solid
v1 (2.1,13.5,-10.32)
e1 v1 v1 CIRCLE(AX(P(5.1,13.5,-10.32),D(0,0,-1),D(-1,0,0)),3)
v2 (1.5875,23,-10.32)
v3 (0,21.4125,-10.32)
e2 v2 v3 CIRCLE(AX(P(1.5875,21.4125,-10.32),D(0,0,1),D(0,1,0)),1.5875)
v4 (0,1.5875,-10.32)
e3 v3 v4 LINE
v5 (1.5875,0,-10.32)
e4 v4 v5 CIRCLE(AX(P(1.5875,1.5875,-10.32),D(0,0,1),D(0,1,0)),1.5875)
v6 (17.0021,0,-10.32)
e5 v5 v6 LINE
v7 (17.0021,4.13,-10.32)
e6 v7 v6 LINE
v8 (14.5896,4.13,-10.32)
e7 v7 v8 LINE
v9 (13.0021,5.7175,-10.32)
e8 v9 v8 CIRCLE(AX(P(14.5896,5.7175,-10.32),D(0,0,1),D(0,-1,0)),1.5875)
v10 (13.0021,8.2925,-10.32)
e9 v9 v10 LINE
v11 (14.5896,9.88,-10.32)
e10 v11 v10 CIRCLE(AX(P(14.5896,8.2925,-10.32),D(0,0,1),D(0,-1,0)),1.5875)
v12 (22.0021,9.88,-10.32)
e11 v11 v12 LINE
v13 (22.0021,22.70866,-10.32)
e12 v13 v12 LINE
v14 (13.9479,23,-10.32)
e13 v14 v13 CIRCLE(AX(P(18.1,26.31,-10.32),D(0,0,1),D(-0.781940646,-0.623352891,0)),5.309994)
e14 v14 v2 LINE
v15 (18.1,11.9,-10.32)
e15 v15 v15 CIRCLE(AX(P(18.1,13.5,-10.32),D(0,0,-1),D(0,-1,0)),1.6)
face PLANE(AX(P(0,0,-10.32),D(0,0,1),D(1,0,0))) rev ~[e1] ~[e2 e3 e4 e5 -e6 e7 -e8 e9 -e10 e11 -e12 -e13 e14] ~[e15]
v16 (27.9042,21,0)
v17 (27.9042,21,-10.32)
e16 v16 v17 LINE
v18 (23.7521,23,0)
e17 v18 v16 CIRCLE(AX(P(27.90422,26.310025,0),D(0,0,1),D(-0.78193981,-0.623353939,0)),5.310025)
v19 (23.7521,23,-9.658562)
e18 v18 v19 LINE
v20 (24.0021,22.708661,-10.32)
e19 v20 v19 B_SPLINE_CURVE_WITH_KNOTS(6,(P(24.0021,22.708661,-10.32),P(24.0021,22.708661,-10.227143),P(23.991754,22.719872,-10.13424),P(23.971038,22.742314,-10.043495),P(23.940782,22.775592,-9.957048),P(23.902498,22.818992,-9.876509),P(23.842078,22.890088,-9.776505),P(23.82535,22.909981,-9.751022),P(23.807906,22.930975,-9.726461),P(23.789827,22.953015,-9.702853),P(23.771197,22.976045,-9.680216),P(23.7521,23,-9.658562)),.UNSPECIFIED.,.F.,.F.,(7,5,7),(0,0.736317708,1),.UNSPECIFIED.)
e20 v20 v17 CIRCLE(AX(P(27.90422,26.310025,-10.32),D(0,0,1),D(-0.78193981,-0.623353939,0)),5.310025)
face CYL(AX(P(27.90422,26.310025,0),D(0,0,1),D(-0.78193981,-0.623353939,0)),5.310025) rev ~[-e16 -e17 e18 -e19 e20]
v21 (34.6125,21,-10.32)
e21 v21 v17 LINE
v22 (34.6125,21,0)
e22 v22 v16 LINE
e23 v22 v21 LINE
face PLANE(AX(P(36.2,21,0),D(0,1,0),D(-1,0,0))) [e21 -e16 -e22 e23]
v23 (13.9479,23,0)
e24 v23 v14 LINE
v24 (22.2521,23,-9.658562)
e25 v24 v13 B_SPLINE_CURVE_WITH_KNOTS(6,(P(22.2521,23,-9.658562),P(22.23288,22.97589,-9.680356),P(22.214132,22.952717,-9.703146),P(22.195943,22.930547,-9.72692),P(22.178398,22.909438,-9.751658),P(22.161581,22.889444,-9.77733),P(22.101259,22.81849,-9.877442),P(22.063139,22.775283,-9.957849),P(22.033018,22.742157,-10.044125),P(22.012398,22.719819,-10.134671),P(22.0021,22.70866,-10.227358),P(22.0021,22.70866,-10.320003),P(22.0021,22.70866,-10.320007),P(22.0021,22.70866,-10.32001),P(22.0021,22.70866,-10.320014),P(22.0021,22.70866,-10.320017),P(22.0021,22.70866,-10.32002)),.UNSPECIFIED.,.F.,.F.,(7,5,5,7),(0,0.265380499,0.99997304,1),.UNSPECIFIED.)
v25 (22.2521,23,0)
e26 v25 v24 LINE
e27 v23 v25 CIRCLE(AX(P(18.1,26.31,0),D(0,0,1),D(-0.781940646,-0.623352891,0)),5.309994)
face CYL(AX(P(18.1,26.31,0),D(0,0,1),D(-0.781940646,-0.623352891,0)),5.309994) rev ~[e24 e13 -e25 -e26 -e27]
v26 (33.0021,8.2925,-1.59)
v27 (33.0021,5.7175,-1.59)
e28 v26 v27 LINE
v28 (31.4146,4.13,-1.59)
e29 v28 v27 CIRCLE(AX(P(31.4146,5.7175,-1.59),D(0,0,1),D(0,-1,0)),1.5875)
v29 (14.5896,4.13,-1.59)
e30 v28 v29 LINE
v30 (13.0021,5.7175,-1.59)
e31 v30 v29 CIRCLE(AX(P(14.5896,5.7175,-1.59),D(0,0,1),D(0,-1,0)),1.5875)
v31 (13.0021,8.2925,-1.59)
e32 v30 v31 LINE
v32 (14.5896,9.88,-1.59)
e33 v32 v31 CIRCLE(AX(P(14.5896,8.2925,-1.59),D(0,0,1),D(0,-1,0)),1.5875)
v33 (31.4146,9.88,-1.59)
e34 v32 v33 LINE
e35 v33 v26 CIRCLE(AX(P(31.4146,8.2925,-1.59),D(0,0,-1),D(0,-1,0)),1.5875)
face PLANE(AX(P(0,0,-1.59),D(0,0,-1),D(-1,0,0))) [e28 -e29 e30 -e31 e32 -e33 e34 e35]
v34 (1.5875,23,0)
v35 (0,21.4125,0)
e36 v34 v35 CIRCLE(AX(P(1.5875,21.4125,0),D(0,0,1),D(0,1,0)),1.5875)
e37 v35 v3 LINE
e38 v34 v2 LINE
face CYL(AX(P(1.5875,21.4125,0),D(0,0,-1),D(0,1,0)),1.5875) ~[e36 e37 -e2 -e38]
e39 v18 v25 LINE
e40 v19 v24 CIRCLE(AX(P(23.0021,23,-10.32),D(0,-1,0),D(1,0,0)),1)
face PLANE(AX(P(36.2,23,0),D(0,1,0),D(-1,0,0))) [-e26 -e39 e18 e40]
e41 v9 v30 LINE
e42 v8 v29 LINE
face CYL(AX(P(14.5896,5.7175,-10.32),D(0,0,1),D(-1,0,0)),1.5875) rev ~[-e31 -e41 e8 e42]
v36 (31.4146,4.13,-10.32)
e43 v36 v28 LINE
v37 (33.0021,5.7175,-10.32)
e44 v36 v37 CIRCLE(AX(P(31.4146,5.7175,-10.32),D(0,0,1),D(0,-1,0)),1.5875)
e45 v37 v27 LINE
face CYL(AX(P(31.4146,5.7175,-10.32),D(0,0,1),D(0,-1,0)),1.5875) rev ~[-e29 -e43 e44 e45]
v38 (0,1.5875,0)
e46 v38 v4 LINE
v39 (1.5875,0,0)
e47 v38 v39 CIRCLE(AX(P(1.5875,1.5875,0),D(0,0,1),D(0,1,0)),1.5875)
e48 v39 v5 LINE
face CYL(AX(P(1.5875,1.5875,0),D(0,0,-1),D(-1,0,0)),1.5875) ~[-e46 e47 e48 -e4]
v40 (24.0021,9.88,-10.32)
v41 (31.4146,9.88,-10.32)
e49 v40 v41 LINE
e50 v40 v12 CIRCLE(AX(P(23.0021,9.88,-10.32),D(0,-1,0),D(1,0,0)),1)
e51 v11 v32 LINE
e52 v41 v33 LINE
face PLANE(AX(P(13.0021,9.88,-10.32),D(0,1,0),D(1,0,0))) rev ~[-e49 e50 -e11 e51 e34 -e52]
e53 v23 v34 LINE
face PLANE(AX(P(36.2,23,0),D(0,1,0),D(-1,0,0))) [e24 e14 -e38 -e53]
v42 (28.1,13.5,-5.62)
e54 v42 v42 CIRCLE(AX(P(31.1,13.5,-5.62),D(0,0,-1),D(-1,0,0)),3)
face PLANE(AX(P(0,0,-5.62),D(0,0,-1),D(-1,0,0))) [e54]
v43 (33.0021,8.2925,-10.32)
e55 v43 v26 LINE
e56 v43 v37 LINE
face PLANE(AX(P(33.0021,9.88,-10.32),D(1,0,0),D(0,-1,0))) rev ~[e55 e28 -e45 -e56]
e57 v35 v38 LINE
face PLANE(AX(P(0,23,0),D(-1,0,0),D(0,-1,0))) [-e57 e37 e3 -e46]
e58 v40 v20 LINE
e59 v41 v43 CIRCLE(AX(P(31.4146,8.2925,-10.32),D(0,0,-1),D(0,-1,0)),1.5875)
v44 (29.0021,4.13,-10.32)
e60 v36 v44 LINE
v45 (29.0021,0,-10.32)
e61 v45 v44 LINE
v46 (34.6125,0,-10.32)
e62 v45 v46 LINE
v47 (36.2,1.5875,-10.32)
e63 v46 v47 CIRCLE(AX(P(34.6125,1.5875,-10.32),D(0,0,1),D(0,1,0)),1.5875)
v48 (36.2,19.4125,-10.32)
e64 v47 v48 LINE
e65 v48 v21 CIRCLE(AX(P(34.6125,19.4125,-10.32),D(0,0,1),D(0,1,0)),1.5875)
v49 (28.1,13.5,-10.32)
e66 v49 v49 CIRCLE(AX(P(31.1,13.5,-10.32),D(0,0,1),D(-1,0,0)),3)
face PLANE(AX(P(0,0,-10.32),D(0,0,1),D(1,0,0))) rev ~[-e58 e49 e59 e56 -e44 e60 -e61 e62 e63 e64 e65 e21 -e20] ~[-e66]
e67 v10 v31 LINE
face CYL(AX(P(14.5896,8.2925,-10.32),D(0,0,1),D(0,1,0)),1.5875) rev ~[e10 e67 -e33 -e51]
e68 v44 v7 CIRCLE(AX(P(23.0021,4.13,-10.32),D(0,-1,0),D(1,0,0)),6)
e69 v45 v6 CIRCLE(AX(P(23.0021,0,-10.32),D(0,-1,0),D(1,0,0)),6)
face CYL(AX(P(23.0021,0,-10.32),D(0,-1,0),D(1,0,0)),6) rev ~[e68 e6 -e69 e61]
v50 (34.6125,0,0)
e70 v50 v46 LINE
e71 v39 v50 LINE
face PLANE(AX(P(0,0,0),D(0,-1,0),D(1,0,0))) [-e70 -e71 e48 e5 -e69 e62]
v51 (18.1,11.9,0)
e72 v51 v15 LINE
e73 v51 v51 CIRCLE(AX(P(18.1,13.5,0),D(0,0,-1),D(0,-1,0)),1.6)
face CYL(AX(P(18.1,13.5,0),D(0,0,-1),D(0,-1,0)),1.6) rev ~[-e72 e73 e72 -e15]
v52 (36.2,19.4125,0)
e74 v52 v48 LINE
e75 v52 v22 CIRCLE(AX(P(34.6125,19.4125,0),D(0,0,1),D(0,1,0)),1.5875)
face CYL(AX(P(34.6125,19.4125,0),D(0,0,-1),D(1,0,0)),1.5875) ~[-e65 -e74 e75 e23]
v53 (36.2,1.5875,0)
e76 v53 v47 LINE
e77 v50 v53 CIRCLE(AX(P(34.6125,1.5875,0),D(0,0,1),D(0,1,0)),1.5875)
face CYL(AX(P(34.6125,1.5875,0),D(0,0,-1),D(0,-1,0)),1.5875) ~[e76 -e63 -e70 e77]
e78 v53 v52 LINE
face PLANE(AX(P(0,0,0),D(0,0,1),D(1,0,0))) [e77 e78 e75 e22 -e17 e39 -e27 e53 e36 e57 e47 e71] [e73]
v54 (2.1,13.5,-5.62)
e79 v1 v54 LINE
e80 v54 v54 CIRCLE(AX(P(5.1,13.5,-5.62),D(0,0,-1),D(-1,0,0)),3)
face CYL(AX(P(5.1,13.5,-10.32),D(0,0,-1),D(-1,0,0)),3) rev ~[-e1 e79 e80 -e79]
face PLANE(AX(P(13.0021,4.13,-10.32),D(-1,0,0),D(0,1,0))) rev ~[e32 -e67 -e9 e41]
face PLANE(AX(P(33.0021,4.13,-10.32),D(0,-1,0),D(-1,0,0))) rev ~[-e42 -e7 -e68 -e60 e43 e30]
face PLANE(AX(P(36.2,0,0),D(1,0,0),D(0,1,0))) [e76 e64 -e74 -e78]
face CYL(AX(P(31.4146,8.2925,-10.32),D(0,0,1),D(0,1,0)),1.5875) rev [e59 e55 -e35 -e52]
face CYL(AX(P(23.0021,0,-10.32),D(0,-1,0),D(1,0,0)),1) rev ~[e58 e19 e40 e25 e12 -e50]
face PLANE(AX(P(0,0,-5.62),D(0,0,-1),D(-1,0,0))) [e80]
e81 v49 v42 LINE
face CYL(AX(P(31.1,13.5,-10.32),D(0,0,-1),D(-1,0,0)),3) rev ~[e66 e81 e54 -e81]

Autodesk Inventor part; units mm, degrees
ref_plane "YZ Plane" through (0, 0, 0) normal (1, 0, 0) x (0, 1, 0)
ref_plane "XZ Plane" through (0, 0, 0) normal (0, 1, 0) x (-1, 0, 0)
sketch "Sketch1" plane through (0, 0, 0) normal (0, 0, 1) x (1, 0, 0)
  line L0 (0, 0) -> (36.2, 0)
  line L1 (36.2, 0) -> (36.2, 23)
  line L2 (36.2, 23) -> (0, 23)
  line L3 (0, 23) -> (0, 0)
  dimension "d0" = 36.2
  dimension "d1" = 23
extrude "Extrusion1" add sketch "Sketch1" against normal blind 10.32
sketch "Sketch2" plane through (0, 0, 0) normal (0, 0, 1) x (1, 0, 0)
  line L0 (0, 0) -> (36.2, 0) projected
  line L1 (36.2, 0) -> (36.2, 23) projected
  circle A0 centre (18.1, 13.5) radius 1.5
  dimension "d4" = 3
  dimension "d5" = 18.1
  dimension "d6" = 13.5
hole "Hole1" at (18.1, 13.5, 0) direction (0, 0, -1) diameter 3.2 end through all clearance for "Flat Head Machine Screw" size "M3" standard "Ansi Metric M Profile"
sketch "Sketch3" plane through (0, 0, 0) normal (0, 0, 1) x (1, 0, 0)
  circle A0 centre (18.1, 13.5) radius 1.6 projected
  line L0 (0, 0) -> (36.2, 0) projected
  line L1 (36.2, 0) -> (36.2, 23) projected
  line L2 (36.2, 23) -> (0, 23) projected
  line L3 (0, 23) -> (0, 0) projected
  line L4 (36.2, 21) -> (27.9042, 21)
  arc A1 (23.7521, 23) -> (27.9042, 21) centre (27.9042, 26.31) ccw
  arc A2 (13.9479, 23) -> (22.2521, 23) centre (18.1, 26.31) ccw
  line L5 (18.1, 21) -> (18.1, 0) construction
  dimension "d14" = 3.2
  dimension "d15" = 21
  dimension "d16" = 5.31
  dimension "d17" = 1.5
extrude "Extrusion2" cut sketch "Sketch3" against normal blind 10.32 contours L4 A1 L2 L1 | L2 A2
sketch "Sketch4" plane through (0, 0, -10.32) normal (0, 0, -1) x (-1, 0, 0)
  circle A0 centre (-18.1, 13.5) radius 1.6 projected
  line L0 (-36.2, 21) -> (-36.2, 0) projected
  line L1 (0, 0) -> (0, 23) projected
  circle A1 centre (-31.1, 13.5) radius 3
  circle A2 centre (-5.1, 13.5) radius 3
  line L2 (-34.1, 13.5) -> (-36.2, 13.5)
  line L3 (-2.1, 13.5) -> (0, 13.5)
  point P0 (-35.15, 13.5)
  dimension "d21" = 6
  dimension "d20" = 26
extrude "Extrusion3" cut sketch "Sketch4" against normal blind 4.7 contours A1 | A2
sketch "Sketch6" plane through (0, 0, -10.32) normal (0, 0, -1) x (-1, 0, 0)
  line L0 (-22.2521, 23) -> (-23.7521, 23) projected
  line L1 (-36.2, 0) -> (0, 0) projected
  line L2 (-33.0021, 4.13) -> (-13.0021, 4.13)
  line L3 (-13.0021, 4.13) -> (-13.0021, 9.88)
  line L4 (-13.0021, 9.88) -> (-33.0021, 9.88)
  line L5 (-33.0021, 9.88) -> (-33.0021, 4.13)
  point P0 (-23.0021, 23)
  point P1 (-23.0021, 9.88)
  dimension "d27" = 5.75
  dimension "d28" = 20
  dimension "d29" = 4.13
extrude "Extrusion5" cut sketch "Sketch6" against normal blind 8.73
fillet "Fillet1" radius 1.5875 4 edges at (13.0021, 9.88, -5.955) (13.0021, 4.13, -5.955) (33.0021, 9.88, -5.955) (33.0021, 4.13, -5.955)
fillet "Fillet2" radius 1.5875 4 edges at (36.2, 21, -5.16) (36.2, 0, -5.16) (0, 0, -5.16) (0, 23, -5.16)
sketch "Sketch5" plane through (0, 0, 0) normal (0, -1, 0) x (1, 0, 0)
  line L0 (23.7521, 0) -> (22.2521, 0) projected
  circle A0 centre (23.0021, 0) radius 1 construction
  line L1 (36.2, -10.32) -> (0, -10.32) projected
  circle A1 centre (23.0021, -10.32) radius 1
  dimension "d24" = 2
extrude "Extrusion4" cut sketch "Sketch5" against normal through all
sketch "Sketch7" plane through (1.5875, 0, 0) normal (0, -1, 0) x (1, 0, 0)
  arc A0 (22.4146, -10.32) -> (20.4146, -10.32) centre (21.4146, -10.32) ccw projected
  circle A1 centre (21.4146, -10.32) radius 6
  point P0 (-1.5875, 0)
  dimension "d34" = 12
extrude "Extrusion6" cut sketch "Sketch7" against normal up to surface (4.13 mm away)
ref_plane "Work Plane1" through (23.0021, 0, -10.32) normal (1, 0, 0) x (0, 0, -1)
properties part number "hotend-holder-front"
